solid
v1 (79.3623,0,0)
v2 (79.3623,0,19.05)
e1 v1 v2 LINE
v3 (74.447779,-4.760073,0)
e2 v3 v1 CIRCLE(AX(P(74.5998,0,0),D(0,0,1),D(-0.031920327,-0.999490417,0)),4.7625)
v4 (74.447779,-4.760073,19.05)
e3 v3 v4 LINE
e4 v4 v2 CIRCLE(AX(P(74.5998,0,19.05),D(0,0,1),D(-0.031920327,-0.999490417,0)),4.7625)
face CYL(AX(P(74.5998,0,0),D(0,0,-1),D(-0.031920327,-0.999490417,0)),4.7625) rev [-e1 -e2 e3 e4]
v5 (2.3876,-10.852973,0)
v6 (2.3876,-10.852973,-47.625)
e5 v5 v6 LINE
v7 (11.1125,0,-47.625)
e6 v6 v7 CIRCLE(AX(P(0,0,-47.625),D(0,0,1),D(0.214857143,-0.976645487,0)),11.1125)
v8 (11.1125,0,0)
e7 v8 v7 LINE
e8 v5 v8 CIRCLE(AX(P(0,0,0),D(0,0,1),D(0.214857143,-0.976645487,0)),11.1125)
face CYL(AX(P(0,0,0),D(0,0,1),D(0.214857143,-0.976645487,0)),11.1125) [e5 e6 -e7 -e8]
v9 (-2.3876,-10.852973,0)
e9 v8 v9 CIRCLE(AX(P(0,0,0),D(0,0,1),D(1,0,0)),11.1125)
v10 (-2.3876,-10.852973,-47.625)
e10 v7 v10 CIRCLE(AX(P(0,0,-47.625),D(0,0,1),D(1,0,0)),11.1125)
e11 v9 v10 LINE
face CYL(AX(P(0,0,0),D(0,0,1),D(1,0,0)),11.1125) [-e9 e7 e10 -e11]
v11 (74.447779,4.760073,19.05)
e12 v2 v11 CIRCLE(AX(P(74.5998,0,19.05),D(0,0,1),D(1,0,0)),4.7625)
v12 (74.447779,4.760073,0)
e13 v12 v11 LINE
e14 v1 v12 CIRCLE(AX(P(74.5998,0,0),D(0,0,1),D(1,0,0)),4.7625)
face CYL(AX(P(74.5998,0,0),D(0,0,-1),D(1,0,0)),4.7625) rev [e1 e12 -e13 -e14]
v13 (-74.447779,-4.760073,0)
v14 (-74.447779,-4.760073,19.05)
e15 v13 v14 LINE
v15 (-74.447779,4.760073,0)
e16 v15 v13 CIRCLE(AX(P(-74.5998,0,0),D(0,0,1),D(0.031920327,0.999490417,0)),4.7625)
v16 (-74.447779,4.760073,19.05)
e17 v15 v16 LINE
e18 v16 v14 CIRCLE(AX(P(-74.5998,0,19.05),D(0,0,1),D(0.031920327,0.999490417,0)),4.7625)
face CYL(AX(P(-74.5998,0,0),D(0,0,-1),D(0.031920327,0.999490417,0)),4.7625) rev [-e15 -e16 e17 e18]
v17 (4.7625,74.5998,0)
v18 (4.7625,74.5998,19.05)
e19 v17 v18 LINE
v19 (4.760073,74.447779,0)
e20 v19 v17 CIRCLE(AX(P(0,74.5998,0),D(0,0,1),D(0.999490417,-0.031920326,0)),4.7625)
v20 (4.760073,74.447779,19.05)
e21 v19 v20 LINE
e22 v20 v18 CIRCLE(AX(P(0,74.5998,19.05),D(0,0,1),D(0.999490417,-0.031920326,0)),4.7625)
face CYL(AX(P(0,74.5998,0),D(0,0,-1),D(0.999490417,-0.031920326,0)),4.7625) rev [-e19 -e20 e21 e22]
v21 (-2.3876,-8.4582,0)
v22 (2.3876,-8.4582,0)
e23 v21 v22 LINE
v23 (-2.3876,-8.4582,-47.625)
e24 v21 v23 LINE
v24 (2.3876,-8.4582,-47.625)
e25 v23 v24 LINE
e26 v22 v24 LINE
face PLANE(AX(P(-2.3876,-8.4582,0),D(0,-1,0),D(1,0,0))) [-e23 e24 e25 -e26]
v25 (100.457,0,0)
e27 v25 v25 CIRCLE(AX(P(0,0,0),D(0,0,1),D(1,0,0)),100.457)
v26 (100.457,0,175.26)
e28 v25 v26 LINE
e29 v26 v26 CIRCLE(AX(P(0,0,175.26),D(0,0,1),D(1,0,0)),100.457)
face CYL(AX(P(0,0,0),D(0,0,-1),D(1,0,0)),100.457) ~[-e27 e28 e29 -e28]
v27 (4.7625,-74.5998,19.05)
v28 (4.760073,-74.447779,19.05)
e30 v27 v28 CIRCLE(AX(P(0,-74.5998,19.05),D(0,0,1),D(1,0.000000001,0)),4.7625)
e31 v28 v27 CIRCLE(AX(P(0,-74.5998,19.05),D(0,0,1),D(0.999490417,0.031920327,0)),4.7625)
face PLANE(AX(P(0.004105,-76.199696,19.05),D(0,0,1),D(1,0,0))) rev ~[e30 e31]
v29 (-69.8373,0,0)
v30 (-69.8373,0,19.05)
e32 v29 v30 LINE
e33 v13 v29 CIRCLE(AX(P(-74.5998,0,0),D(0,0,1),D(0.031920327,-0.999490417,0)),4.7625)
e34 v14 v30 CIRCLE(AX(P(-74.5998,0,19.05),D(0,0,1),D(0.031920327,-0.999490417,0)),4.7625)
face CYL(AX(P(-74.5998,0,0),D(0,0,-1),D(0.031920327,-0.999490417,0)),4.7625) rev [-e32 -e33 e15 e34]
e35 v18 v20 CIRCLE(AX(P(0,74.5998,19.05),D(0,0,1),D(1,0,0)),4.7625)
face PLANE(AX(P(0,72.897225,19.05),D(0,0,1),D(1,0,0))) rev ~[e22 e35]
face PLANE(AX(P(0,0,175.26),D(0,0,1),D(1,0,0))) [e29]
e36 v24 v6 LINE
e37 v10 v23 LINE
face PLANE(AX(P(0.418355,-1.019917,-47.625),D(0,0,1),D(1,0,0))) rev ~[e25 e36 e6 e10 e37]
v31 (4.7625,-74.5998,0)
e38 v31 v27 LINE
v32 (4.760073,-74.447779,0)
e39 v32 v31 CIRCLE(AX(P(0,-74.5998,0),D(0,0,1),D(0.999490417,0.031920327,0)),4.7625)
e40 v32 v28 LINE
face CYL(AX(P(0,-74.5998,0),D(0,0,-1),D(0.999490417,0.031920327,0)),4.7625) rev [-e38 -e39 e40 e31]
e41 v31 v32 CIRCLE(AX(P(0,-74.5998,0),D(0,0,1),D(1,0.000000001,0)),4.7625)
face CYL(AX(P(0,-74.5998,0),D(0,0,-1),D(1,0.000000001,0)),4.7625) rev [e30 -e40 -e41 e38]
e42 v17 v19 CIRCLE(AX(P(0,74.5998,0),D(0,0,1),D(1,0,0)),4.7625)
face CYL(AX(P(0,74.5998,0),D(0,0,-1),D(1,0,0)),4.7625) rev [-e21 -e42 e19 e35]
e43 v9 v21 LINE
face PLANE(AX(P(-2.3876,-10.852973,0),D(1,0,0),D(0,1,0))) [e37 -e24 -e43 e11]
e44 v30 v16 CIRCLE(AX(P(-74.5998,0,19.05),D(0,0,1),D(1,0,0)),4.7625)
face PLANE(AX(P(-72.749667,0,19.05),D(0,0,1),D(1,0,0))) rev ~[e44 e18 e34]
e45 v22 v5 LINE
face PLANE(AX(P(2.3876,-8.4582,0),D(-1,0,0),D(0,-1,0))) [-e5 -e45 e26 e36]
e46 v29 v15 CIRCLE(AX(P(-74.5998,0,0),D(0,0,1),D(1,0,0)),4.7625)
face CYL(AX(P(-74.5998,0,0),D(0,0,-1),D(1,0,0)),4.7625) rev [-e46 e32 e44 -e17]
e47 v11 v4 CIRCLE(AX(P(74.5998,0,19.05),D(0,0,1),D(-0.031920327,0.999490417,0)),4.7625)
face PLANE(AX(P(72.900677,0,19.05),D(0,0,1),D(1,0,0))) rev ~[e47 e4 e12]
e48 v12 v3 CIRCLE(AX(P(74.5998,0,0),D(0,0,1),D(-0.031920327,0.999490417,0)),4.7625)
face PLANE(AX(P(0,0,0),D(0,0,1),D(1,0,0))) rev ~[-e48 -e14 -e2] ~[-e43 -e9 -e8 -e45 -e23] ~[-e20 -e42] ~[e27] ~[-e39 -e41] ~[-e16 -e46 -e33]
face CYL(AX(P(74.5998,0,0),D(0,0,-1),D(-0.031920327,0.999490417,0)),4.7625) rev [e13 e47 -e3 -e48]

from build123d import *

# Parameters (mm, degrees)
F0_R     = 100.457
F1_DEPTH = 175.26
F2_DEPTH = 19.05
F4_DEPTH = 47.625


with BuildPart() as f1:
    # F0 (on Top) → F1 (new body)
    with BuildSketch(Plane.XY):
        Circle(F0_R)
        with BuildLine():
            ThreePointArc((4.7600731087, 74.4477794433), (52.7500244552, 52.7500244552), (74.4477794433, 4.7600731087))
            ThreePointArc((74.4477794433, 4.7600731087), (77.9132127685, 3.420921232), (79.3623, 0))
            ThreePointArc((79.3623, 0), (77.9132127685, -3.420921232), (74.4477794433, -4.7600731087))
            ThreePointArc((74.4477794433, -4.7600731087), (52.7500244552, -52.7500244552), (4.7600731087, -74.4477794433))
            ThreePointArc((4.7600731087, -74.4477794433), (4.7618932385, -74.5237800364), (4.7625, -74.5998))
            ThreePointArc((4.7625, -74.5998), (-0.0760199636, -79.3616932385), (-4.7600731087, -74.4477794433))
            ThreePointArc((-4.7600731087, -74.4477794433), (-52.7500244552, -52.7500244552), (-74.4477794433, -4.7600731087))
            ThreePointArc((-74.4477794433, -4.7600731087), (-79.3623, 0), (-74.4477794433, 4.7600731087))
            ThreePointArc((-74.4477794433, 4.7600731087), (-52.7500244552, 52.7500244552), (-4.7600731087, 74.4477794433))
            ThreePointArc((-4.7600731087, 74.4477794433), (-0.0760199636, 79.3616932385), (4.7625, 74.5998))
            ThreePointArc((4.7625, 74.5998), (4.7618932385, 74.5237800364), (4.7600731087, 74.4477794433))
        make_face(mode=Mode.SUBTRACT)
        with BuildLine():
            ThreePointArc((-74.4477794433, -4.7600731087), (-74.5998, 0), (-74.4477794433, 4.7600731087))
            ThreePointArc((-74.4477794433, 4.7600731087), (-79.3623, 0), (-74.4477794433, -4.7600731087))
        make_face()
        with BuildLine():
            ThreePointArc((-69.8373, 0), (-71.178878768, 3.3134127685), (-74.4477794433, 4.7600731087))
            ThreePointArc((-74.4477794433, 4.7600731087), (-74.5998, 0), (-74.4477794433, -4.7600731087))
            ThreePointArc((-74.4477794433, -4.7600731087), (-71.178878768, -3.3134127685), (-69.8373, 0))
        make_face()
        with BuildLine():
            ThreePointArc((-4.7600731087, 74.4477794433), (0, 74.5998), (4.7600731087, 74.4477794433))
            ThreePointArc((4.7600731087, 74.4477794433), (4.7618932385, 74.5237800364), (4.7625, 74.5998))
            ThreePointArc((4.7625, 74.5998), (-0.0760199636, 79.3616932385), (-4.7600731087, 74.4477794433))
        make_face()
        with BuildLine():
            ThreePointArc((-4.7600731087, 74.4477794433), (0, 69.8373), (4.7600731087, 74.4477794433))
            ThreePointArc((4.7600731087, 74.4477794433), (0, 74.5998), (-4.7600731087, 74.4477794433))
        make_face()
        with BuildLine():
            ThreePointArc((74.4477794433, -4.7600731087), (74.561785175, -2.38125), (74.5998, 0))
            ThreePointArc((74.5998, 0), (74.561785175, 2.38125), (74.4477794433, 4.7600731087))
            ThreePointArc((74.4477794433, 4.7600731087), (69.8373, 0), (74.4477794433, -4.7600731087))
        make_face()
        with BuildLine():
            ThreePointArc((74.4477794433, 4.7600731087), (74.561785175, 2.38125), (74.5998, 0))
            ThreePointArc((74.5998, 0), (74.561785175, -2.38125), (74.4477794433, -4.7600731087))
            ThreePointArc((74.4477794433, -4.7600731087), (77.9132127685, -3.420921232), (79.3623, 0))
            ThreePointArc((79.3623, 0), (77.9132127685, 3.420921232), (74.4477794433, 4.7600731087))
        make_face()
        with BuildLine():
            ThreePointArc((4.7625, -74.5998), (4.7618932385, -74.5237800364), (4.7600731087, -74.4477794433))
            ThreePointArc((4.7600731087, -74.4477794433), (0, -74.5998), (-4.7600731087, -74.4477794433))
            ThreePointArc((-4.7600731087, -74.4477794433), (-0.0760199636, -79.3616932385), (4.7625, -74.5998))
        make_face()
        with BuildLine():
            ThreePointArc((74.4477794433, -4.7600731087), (69.8373, 0), (74.4477794433, 4.7600731087))
            ThreePointArc((74.4477794433, 4.7600731087), (52.7500244552, 52.7500244552), (4.7600731087, 74.4477794433))
            ThreePointArc((4.7600731087, 74.4477794433), (0, 69.8373), (-4.7600731087, 74.4477794433))
            ThreePointArc((-4.7600731087, 74.4477794433), (-52.7500244552, 52.7500244552), (-74.4477794433, 4.7600731087))
            ThreePointArc((-74.4477794433, 4.7600731087), (-71.178878768, 3.3134127685), (-69.8373, 0))
            ThreePointArc((-69.8373, 0), (-71.178878768, -3.3134127685), (-74.4477794433, -4.7600731087))
            ThreePointArc((-74.4477794433, -4.7600731087), (-52.7500244552, -52.7500244552), (-4.7600731087, -74.4477794433))
            ThreePointArc((-4.7600731087, -74.4477794433), (0, -69.8373), (4.7600731087, -74.4477794433))
            ThreePointArc((4.7600731087, -74.4477794433), (52.7500244552, -52.7500244552), (74.4477794433, -4.7600731087))
        make_face()
        with BuildLine():
            ThreePointArc((-4.7600731087, -74.4477794433), (0, -74.5998), (4.7600731087, -74.4477794433))
            ThreePointArc((4.7600731087, -74.4477794433), (0, -69.8373), (-4.7600731087, -74.4477794433))
        make_face()
    extrude(amount=F1_DEPTH)

    # F0 (on Top) → F2 (cut)
    with BuildSketch(Plane.XY):
        with BuildLine():
            ThreePointArc((-69.8373, 0), (-71.178878768, 3.3134127685), (-74.4477794433, 4.7600731087))
            ThreePointArc((-74.4477794433, 4.7600731087), (-74.5998, 0), (-74.4477794433, -4.7600731087))
            ThreePointArc((-74.4477794433, -4.7600731087), (-71.178878768, -3.3134127685), (-69.8373, 0))
        make_face()
        with BuildLine():
            ThreePointArc((-74.4477794433, -4.7600731087), (-74.5998, 0), (-74.4477794433, 4.7600731087))
            ThreePointArc((-74.4477794433, 4.7600731087), (-79.3623, 0), (-74.4477794433, -4.7600731087))
        make_face()
        with BuildLine():
            ThreePointArc((-4.7600731087, 74.4477794433), (0, 69.8373), (4.7600731087, 74.4477794433))
            ThreePointArc((4.7600731087, 74.4477794433), (0, 74.5998), (-4.7600731087, 74.4477794433))
        make_face()
        with BuildLine():
            ThreePointArc((-4.7600731087, 74.4477794433), (0, 74.5998), (4.7600731087, 74.4477794433))
            ThreePointArc((4.7600731087, 74.4477794433), (4.7618932385, 74.5237800364), (4.7625, 74.5998))
            ThreePointArc((4.7625, 74.5998), (-0.0760199636, 79.3616932385), (-4.7600731087, 74.4477794433))
        make_face()
        with BuildLine():
            ThreePointArc((74.4477794433, -4.7600731087), (74.561785175, -2.38125), (74.5998, 0))
            ThreePointArc((74.5998, 0), (74.561785175, 2.38125), (74.4477794433, 4.7600731087))
            ThreePointArc((74.4477794433, 4.7600731087), (69.8373, 0), (74.4477794433, -4.7600731087))
        make_face()
        with BuildLine():
            ThreePointArc((74.4477794433, 4.7600731087), (74.561785175, 2.38125), (74.5998, 0))
            ThreePointArc((74.5998, 0), (74.561785175, -2.38125), (74.4477794433, -4.7600731087))
            ThreePointArc((74.4477794433, -4.7600731087), (77.9132127685, -3.420921232), (79.3623, 0))
            ThreePointArc((79.3623, 0), (77.9132127685, 3.420921232), (74.4477794433, 4.7600731087))
        make_face()
        with BuildLine():
            ThreePointArc((4.7625, -74.5998), (4.7618932385, -74.5237800364), (4.7600731087, -74.4477794433))
            ThreePointArc((4.7600731087, -74.4477794433), (0, -74.5998), (-4.7600731087, -74.4477794433))
            ThreePointArc((-4.7600731087, -74.4477794433), (-0.0760199636, -79.3616932385), (4.7625, -74.5998))
        make_face()
        with BuildLine():
            ThreePointArc((-4.7600731087, -74.4477794433), (0, -74.5998), (4.7600731087, -74.4477794433))
            ThreePointArc((4.7600731087, -74.4477794433), (0, -69.8373), (-4.7600731087, -74.4477794433))
        make_face()
    extrude(amount=F2_DEPTH, mode=Mode.SUBTRACT)

    # F3 (on face) → F4 (join)
    with BuildSketch(Plane.XY):
        with BuildLine():
            ThreePointArc((2.3876, -10.8529729793), (8.6608273638, -6.962594748), (11.1125, 0))
            ThreePointArc((11.1125, 0), (-6.962594748, 8.6608273638), (-2.3876, -10.8529729793))
            Line((-2.3876, -10.8529729793), (-2.3876, -8.4582))
            Line((-2.3876, -8.4582), (2.3876, -8.4582))
            Line((2.3876, -8.4582), (2.3876, -10.8529729793))
        make_face()
    extrude(amount=-F4_DEPTH)


solid = f1.part
